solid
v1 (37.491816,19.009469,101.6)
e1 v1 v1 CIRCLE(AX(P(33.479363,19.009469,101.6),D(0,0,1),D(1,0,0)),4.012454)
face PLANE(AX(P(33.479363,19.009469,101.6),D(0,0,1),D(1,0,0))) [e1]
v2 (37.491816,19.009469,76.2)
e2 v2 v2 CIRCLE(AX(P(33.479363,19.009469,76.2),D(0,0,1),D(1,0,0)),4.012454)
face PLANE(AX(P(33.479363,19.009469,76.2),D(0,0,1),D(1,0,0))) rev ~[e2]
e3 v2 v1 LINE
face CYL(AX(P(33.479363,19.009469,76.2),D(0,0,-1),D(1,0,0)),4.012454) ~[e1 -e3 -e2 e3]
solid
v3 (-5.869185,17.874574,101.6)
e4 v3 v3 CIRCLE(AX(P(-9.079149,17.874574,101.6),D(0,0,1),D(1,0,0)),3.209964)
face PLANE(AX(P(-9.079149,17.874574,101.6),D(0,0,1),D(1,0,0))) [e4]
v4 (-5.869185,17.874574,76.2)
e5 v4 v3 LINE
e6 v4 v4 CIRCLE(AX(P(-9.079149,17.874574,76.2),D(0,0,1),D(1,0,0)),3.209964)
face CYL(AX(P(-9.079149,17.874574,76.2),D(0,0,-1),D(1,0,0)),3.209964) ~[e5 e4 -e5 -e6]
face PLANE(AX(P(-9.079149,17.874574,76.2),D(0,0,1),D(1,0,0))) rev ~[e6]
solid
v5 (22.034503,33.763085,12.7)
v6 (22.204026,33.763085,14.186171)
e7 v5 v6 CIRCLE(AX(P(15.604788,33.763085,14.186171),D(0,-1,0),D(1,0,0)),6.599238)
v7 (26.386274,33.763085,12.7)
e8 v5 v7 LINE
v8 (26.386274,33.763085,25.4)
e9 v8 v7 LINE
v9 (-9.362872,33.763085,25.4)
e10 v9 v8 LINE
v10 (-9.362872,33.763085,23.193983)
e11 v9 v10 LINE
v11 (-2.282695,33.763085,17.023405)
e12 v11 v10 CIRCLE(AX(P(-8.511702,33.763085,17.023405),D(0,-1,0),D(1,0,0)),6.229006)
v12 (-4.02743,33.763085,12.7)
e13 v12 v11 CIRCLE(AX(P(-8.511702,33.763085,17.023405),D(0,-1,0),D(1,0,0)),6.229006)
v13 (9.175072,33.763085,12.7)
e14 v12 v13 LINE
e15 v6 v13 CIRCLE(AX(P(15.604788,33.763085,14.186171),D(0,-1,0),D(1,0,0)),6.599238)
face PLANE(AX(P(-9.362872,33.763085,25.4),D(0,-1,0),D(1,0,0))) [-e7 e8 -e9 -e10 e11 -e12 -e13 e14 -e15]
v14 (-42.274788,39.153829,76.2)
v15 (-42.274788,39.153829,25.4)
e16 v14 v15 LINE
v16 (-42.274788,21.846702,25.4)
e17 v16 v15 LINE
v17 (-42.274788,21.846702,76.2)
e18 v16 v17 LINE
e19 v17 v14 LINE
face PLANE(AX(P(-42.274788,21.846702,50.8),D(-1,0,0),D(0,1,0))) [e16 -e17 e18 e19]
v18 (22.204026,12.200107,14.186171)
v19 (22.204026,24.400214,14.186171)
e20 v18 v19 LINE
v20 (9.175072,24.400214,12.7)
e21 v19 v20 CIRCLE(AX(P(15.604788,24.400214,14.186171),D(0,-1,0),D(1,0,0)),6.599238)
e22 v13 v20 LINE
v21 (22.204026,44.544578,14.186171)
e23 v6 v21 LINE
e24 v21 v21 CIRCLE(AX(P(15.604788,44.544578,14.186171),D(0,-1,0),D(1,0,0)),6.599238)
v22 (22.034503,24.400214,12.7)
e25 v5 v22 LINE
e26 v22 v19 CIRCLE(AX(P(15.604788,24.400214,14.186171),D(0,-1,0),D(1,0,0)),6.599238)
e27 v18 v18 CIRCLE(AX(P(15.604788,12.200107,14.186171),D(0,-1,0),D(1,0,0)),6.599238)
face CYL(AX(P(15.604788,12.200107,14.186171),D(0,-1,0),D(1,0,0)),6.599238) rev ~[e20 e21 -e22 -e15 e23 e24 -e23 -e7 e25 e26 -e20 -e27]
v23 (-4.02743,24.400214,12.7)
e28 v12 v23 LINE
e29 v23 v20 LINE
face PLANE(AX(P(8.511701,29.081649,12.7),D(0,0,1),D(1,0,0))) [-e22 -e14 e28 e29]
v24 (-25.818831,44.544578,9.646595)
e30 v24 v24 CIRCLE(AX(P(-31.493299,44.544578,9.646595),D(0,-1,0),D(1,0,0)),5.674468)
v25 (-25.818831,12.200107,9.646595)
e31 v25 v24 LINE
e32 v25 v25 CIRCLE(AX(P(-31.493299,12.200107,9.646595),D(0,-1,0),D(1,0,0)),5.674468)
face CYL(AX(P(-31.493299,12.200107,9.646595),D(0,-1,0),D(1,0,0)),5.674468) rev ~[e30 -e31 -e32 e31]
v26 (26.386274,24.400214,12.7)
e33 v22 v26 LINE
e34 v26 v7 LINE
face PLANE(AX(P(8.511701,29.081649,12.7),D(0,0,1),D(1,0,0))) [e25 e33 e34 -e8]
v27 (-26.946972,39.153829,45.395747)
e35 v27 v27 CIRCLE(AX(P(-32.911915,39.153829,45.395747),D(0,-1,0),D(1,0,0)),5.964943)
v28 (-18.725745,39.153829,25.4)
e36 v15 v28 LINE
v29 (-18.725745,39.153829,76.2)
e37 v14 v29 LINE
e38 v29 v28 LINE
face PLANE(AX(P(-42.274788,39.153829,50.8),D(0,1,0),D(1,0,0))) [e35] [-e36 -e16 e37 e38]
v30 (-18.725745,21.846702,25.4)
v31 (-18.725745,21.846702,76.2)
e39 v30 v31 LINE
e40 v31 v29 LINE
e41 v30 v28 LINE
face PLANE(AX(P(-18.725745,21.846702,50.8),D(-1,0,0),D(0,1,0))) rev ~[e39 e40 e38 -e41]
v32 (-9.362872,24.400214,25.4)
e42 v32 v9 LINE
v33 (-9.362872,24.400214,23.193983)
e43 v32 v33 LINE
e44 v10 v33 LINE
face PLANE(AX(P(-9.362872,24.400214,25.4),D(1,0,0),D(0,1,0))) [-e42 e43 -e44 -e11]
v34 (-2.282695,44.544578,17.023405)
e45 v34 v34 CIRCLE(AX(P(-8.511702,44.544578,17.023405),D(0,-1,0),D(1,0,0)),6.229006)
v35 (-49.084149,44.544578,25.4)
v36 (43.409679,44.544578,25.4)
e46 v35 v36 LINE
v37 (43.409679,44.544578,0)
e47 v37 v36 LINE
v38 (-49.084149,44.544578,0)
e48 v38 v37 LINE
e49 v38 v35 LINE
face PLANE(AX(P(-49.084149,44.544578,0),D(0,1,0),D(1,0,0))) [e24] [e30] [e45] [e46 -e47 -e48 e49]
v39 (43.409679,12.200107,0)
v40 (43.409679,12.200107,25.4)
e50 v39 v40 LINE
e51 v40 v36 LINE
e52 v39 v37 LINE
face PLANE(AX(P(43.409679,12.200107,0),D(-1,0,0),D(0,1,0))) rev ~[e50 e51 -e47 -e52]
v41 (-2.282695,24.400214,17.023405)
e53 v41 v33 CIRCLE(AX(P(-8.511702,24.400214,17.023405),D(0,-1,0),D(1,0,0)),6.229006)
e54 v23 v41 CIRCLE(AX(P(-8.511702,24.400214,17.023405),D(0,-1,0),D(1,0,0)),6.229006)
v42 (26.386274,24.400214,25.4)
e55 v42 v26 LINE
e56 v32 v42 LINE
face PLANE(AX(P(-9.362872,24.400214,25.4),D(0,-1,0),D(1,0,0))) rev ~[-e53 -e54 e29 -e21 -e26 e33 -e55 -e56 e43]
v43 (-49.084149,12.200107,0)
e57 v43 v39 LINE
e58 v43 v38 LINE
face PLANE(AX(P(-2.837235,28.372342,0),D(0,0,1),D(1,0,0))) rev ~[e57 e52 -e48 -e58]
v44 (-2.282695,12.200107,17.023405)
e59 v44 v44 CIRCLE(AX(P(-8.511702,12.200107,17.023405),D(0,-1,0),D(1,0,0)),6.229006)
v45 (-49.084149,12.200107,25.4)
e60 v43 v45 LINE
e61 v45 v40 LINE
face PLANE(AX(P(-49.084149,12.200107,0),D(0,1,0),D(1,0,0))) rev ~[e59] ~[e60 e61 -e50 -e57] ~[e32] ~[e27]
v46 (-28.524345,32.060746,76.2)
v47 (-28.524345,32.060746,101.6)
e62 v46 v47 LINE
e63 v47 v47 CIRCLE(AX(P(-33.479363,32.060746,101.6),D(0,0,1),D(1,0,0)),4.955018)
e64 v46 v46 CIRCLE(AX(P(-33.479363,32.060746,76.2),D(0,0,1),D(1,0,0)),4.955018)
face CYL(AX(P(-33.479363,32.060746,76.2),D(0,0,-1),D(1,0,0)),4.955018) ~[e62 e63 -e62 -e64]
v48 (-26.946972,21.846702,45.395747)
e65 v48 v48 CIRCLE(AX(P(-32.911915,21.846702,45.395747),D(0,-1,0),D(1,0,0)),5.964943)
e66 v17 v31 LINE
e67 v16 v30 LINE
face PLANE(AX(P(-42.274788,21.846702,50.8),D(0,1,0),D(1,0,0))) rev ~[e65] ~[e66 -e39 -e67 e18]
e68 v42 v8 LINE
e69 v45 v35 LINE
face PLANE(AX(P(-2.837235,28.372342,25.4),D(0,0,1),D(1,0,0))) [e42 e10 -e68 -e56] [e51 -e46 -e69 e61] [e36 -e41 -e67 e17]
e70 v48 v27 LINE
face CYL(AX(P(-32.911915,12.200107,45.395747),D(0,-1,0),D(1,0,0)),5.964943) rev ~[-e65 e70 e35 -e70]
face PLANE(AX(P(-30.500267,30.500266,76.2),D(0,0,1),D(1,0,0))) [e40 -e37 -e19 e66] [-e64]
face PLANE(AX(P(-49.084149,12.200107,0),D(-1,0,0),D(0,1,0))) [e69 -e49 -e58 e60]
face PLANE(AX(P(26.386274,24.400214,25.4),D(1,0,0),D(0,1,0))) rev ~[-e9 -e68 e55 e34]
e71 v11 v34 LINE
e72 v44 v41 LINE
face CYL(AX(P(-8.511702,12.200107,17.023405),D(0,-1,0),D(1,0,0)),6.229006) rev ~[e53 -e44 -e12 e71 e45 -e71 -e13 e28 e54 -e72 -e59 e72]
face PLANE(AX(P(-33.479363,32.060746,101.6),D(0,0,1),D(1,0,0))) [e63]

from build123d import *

# Parameters (mm, degrees)
F0_W      = 92.4938283861
F0_H      = 32.3444707319
F1_DEPTH  = 25.4
F2_W      = 23.5490426421
F2_H      = 17.3071268946
F3_DEPTH  = 25.4
F4_DEPTH  = 25.4
F5_W      = 35.7491457835
F5_H      = 9.3628708273
F6_DEPTH  = 12.7
F7_R      = 6.2290064901
F8_DEPTH  = 32.3454707319
F9_R      = 5.9649434691
F9_R_2    = 5.6744676083
F9_R_3    = 6.5992382135
F10_DEPTH = 32.3454707319
F11_R     = 4.9550177223
F12_DEPTH = 25.4
F11_R_2   = 3.2099639101
F11_R_3   = 4.0124537352


with BuildPart() as f1:
    # F0 (on Top) → F1 (new body)
    with BuildSketch(Plane.XY):
        with Locations((-2.837235108, 28.3723422326)):
            Rectangle(F0_W, F0_H)
    extrude(amount=F1_DEPTH)

    # F2 (on face) → F3 (join)
    with BuildSketch(Plane.XY.offset(25.4)):
        with Locations((-30.500266701, 30.5002657697)):
            Rectangle(F2_W, F2_H)
    extrude(amount=F3_DEPTH)

    # F4 (add): a face of the model
    f4_faces = [f1.faces().sort_by_distance(p)[0] for p in [
        (-30.500266701, 30.5002657697, 50.8),
    ]]
    extrude(f4_faces, amount=F4_DEPTH)

    # F5 (on face) → F6 (cut)
    with BuildSketch(Plane.XY.offset(25.4)):
        with Locations((8.5117011331, 29.081649147)):
            Rectangle(F5_W, F5_H)
    extrude(amount=-F6_DEPTH, mode=Mode.SUBTRACT)

    # F7 (on face) → F8 (cut, through all)
    with BuildSketch(Plane.XZ.offset(-12.2001068667)):
        with Locations((-8.5117015988, 17.0234050602)):
            Circle(F7_R)
    extrude(amount=-F8_DEPTH, mode=Mode.SUBTRACT)

    # F9 (on face) → F10 (cut, through all)
    with BuildSketch(Plane.XZ.offset(-12.2001068667)):
        with Locations((-32.9119153321, 45.3957468271)):
            Circle(F9_R)
        with Locations((-31.4932987094, 9.6465954557)):
            Circle(F9_R_2)
        with Locations((15.6047875062, 14.1861708835)):
            Circle(F9_R_3)
    extrude(amount=-F10_DEPTH, mode=Mode.SUBTRACT)

    # F11 (on face) → F12 (join)
    with BuildSketch(Plane.XY.offset(76.2)):
        with Locations((-33.4793627262, 32.0607461035)):
            Circle(F11_R)
    extrude(amount=F12_DEPTH)


with BuildPart() as f12:
    # F11 (on face) → F12, piece 2 (new body)
    with BuildSketch(Plane.XY.offset(76.2)):
        with Locations((-9.0791489929, 17.8745742887)):
            Circle(F11_R_2)
    extrude(amount=F12_DEPTH)


with BuildPart() as f12b:
    # F11 (on face) → F12, piece 3 (new body)
    with BuildSketch(Plane.XY.offset(76.2)):
        with Locations((33.4793627262, 19.009469077)):
            Circle(F11_R_3)
    extrude(amount=F12_DEPTH)


solid = Compound([f1.part, f12.part, f12b.part])
